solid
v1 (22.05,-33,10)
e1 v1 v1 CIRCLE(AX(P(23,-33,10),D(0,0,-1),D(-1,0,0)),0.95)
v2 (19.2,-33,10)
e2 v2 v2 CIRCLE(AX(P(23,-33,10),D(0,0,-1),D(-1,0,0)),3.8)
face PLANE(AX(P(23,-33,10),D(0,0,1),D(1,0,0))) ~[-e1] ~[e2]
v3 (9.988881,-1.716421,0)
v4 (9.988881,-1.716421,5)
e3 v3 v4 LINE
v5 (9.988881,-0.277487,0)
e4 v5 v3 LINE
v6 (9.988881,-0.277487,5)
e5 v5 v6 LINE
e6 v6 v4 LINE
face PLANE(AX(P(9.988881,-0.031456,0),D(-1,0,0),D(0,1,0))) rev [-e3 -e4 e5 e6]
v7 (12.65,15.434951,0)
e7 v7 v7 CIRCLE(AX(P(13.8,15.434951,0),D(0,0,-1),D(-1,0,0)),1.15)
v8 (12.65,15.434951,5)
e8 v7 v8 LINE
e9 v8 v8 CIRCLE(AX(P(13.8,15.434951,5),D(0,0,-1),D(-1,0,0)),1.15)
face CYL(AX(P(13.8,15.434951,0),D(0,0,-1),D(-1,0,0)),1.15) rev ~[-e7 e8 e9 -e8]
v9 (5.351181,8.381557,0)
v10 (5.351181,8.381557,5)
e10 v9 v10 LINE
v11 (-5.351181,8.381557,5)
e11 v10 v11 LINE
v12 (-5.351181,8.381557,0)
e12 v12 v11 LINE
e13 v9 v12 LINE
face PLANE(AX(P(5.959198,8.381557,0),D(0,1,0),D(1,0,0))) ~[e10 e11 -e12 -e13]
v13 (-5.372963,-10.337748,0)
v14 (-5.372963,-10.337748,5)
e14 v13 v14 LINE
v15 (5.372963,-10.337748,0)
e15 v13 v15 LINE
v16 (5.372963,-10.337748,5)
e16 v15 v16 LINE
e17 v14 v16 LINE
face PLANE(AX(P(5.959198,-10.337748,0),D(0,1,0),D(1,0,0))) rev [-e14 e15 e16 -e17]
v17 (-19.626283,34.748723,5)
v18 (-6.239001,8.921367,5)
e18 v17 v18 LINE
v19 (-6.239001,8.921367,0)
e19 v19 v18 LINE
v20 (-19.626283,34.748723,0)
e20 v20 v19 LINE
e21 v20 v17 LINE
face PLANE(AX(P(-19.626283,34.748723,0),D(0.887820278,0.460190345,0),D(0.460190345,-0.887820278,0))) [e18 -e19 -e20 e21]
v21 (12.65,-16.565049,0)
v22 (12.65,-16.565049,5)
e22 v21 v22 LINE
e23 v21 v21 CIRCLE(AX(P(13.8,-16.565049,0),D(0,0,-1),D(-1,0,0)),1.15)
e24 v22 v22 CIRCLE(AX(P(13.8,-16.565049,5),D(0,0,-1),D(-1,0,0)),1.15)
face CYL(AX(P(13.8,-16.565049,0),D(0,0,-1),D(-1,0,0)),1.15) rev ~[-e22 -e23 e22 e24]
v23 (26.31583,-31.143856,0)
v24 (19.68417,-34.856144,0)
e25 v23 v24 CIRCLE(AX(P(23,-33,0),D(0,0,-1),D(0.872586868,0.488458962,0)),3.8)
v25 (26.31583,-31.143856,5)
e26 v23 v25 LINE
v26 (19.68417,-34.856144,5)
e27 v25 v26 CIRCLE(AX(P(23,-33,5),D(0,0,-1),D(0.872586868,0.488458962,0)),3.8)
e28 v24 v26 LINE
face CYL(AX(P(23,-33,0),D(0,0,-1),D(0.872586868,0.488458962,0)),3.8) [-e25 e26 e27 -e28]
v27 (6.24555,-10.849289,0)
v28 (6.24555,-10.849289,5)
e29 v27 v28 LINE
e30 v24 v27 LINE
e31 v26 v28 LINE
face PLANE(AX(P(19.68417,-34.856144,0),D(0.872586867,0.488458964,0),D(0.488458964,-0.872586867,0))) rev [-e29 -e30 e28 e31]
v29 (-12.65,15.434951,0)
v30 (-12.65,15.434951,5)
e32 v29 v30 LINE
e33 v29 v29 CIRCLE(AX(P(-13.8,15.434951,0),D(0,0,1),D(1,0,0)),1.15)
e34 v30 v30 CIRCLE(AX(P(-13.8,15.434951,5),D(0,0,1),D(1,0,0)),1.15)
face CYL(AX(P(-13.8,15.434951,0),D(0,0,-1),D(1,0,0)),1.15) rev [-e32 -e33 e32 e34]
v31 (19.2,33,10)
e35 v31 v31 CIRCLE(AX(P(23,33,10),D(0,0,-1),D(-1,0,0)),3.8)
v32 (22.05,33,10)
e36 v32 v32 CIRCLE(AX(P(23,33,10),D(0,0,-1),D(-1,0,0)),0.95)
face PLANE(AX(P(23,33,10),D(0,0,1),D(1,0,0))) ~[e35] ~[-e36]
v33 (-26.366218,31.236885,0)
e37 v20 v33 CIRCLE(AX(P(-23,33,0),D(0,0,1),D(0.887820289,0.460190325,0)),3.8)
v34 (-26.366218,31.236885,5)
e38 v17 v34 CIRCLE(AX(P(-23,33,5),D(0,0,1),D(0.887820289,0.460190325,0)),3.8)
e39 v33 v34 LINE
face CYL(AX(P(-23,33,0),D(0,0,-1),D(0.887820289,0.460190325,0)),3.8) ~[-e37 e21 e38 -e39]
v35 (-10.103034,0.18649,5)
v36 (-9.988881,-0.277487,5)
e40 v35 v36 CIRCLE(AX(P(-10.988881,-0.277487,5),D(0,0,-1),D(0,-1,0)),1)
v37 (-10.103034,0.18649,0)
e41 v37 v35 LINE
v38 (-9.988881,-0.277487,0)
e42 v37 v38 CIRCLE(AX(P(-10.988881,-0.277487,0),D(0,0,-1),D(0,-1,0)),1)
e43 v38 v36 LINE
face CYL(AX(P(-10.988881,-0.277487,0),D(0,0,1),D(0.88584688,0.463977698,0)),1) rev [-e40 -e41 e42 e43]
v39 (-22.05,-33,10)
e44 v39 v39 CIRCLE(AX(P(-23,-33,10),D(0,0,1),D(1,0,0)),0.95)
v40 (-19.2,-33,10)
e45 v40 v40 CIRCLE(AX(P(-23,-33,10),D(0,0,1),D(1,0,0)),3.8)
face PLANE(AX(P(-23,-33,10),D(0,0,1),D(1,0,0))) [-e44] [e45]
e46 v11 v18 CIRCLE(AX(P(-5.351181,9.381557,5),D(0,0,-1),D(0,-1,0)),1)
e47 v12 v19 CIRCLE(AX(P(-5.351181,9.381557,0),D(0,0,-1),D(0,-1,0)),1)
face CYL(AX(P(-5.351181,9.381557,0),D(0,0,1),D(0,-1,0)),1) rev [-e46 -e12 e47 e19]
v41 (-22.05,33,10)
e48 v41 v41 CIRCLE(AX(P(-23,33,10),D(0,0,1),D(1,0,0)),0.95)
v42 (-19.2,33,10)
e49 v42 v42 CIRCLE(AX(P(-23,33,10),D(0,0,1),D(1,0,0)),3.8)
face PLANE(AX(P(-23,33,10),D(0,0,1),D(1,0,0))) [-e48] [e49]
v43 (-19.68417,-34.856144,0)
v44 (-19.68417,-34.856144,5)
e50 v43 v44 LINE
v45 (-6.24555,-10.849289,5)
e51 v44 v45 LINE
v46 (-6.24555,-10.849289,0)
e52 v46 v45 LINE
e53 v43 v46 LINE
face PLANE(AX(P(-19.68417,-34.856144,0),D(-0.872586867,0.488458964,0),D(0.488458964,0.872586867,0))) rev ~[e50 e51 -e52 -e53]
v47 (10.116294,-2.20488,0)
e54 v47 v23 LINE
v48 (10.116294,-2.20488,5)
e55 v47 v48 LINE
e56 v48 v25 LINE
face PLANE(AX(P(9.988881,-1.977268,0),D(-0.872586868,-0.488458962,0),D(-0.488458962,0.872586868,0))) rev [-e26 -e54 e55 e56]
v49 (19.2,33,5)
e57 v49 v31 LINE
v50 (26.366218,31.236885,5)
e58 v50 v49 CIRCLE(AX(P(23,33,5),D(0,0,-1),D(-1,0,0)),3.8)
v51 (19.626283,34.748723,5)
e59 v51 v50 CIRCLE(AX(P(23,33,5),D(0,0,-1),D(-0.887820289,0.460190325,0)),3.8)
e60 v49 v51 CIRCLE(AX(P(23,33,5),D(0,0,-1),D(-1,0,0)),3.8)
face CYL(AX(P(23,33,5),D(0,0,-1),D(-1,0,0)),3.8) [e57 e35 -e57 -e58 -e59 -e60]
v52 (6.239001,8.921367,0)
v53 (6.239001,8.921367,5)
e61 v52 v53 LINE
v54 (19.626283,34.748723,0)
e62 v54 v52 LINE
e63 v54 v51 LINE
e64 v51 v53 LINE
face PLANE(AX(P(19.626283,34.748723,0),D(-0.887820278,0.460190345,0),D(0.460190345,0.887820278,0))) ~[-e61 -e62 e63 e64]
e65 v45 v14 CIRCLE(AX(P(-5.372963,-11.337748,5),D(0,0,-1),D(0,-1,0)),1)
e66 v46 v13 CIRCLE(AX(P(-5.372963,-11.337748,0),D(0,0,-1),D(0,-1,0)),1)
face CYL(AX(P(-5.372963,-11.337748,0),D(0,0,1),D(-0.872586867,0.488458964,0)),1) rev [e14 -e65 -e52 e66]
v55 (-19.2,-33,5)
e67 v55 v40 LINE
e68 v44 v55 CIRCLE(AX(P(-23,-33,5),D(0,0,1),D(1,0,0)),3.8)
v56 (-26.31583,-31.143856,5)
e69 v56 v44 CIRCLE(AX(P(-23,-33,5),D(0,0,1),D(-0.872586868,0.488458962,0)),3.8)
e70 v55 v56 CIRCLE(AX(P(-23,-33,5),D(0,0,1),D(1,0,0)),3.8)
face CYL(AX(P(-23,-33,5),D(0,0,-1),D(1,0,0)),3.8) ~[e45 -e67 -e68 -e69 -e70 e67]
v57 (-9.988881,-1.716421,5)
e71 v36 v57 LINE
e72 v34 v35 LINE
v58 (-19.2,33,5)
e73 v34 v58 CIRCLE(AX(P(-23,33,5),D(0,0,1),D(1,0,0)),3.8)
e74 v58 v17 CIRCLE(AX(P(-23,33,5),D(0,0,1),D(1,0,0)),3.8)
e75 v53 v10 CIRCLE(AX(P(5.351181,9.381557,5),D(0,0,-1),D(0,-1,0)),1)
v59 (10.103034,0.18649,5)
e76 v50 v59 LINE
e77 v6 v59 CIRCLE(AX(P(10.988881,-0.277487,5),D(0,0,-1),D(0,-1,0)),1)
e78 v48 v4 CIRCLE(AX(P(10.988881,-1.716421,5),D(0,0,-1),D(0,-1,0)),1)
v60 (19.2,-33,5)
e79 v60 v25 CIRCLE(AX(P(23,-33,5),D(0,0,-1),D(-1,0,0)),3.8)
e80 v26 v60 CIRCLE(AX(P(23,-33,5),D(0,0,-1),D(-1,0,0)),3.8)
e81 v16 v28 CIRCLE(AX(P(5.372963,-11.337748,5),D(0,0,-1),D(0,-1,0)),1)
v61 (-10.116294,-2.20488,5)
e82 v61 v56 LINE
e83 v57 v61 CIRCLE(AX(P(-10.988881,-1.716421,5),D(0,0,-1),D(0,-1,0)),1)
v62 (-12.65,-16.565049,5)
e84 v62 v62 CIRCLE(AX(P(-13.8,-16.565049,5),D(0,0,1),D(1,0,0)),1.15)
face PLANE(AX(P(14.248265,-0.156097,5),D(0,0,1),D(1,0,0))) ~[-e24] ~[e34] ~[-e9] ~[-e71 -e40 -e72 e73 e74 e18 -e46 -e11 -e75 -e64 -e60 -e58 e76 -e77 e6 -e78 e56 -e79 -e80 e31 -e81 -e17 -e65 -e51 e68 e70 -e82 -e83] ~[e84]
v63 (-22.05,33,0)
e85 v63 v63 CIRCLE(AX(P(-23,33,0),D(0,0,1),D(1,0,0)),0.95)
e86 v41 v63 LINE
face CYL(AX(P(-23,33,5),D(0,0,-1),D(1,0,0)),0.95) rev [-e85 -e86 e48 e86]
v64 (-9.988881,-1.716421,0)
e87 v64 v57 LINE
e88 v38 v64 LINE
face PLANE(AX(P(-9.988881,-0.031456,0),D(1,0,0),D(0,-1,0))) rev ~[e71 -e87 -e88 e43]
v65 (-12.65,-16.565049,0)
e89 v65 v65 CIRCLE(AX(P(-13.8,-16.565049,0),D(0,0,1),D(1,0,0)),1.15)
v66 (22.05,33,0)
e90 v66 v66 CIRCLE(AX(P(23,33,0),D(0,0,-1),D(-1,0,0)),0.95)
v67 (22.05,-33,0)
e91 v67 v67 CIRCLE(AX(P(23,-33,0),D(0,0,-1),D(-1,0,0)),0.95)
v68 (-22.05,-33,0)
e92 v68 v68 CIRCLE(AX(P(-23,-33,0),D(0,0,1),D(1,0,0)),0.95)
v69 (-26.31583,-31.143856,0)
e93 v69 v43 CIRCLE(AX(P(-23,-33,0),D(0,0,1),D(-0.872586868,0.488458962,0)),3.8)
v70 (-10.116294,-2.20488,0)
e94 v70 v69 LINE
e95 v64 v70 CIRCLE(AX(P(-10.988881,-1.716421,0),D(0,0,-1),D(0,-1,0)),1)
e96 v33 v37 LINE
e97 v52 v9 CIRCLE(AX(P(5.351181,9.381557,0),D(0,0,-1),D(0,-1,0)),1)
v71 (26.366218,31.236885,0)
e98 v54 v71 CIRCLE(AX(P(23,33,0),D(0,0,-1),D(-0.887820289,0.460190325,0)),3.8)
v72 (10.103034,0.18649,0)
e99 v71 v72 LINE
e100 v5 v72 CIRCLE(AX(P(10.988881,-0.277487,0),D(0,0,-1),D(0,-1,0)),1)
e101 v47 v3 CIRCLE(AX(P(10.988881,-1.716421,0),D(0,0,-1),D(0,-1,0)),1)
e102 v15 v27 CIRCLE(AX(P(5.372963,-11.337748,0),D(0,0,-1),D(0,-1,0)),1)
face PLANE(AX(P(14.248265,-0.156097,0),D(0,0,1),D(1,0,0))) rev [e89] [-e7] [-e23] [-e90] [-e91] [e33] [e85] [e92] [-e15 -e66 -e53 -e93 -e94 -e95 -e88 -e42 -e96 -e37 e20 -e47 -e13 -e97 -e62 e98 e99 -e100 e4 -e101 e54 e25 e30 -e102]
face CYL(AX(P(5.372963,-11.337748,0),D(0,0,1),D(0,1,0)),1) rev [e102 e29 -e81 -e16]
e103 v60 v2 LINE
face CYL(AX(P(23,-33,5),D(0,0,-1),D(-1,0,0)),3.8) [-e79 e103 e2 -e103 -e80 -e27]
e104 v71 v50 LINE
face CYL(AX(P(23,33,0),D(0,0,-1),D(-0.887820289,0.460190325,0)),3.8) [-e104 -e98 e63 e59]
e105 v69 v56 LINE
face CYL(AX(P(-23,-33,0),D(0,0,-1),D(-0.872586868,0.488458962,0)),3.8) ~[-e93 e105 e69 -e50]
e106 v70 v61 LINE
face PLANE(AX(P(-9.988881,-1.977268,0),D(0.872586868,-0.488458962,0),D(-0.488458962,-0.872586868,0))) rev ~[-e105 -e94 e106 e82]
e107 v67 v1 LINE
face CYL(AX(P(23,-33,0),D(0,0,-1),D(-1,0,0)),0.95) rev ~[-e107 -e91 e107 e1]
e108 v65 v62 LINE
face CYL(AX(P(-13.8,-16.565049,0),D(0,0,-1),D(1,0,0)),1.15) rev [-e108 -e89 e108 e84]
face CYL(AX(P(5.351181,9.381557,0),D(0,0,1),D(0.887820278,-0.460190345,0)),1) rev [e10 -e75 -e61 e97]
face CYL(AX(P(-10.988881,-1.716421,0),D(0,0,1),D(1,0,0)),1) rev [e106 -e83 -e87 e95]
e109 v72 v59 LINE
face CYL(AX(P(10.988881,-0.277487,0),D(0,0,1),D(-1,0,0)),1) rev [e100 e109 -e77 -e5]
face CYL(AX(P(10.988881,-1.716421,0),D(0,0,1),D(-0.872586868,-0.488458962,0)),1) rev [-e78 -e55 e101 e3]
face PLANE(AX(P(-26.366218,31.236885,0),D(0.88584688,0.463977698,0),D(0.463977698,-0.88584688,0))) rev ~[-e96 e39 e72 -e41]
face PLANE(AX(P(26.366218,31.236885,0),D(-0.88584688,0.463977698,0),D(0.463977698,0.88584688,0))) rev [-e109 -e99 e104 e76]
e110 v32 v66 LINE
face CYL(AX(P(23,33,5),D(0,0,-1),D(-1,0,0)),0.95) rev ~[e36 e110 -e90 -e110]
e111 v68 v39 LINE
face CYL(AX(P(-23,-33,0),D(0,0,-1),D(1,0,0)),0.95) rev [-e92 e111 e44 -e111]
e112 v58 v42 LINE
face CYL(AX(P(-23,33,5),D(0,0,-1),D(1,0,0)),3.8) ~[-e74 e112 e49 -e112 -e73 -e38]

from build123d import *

# Parameters (mm, degrees)
SKETCH_R      = 0.95
SKETCH_R_2    = 1.15
PAD_DEPTH     = 5
SKETCH001_R   = 3.8
SKETCH001_R_2 = 0.95
PAD001_DEPTH  = 5
FILLET_R      = 1


with BuildPart() as part:
    # Sketch → Pad (new body)
    with BuildSketch(Plane.XY):
        with BuildLine():
            ThreePointArc((-26.31583, -31.143856), (-24.856144, -36.31583), (-19.68417, -34.856144))
            Line((-19.68417, -34.856144), (-5.959198, -10.337748))
            Line((-5.959198, -10.337748), (0, -10.337748))
            Line((0, -10.337748), (0, 8.381557))
            Line((-5.959198, 8.381557), (0, 8.381557))
            Line((-19.626283, 34.748723), (-5.959198, 8.381557))
            ThreePointArc((-19.626283, 34.748723), (-24.755923, 36.369975), (-26.366218, 31.236885))
            Line((-26.366218, 31.236885), (-9.988881, -0.031456))
            Line((-9.988881, -0.031456), (-9.988881, -1.977268))
            Line((-9.988881, -1.977268), (-26.31583, -31.143856))
        make_face()
        with Locations((-23, 33)):
            Circle(SKETCH_R, mode=Mode.SUBTRACT)
        with Locations((-23, -33)):
            Circle(SKETCH_R, mode=Mode.SUBTRACT)
        with Locations((-13.8, 15.434951)):
            Circle(SKETCH_R_2, mode=Mode.SUBTRACT)
        with Locations((-13.8, -16.565049)):
            Circle(SKETCH_R_2, mode=Mode.SUBTRACT)
    extrude(amount=PAD_DEPTH)

    # Sketch001 (on Face16 of Pad) → Pad001 (join)
    with BuildSketch(Plane.XY.offset(5)):
        with Locations((-23, 33)):
            Circle(SKETCH001_R)
        with Locations((-23, 33)):
            Circle(SKETCH001_R_2, mode=Mode.SUBTRACT)
        with Locations((-23, -33)):
            Circle(SKETCH001_R)
        with Locations((-23, -33)):
            Circle(SKETCH001_R_2, mode=Mode.SUBTRACT)
    extrude(amount=PAD001_DEPTH)

    # Mirrored: part across Sketch001 V_Axis


with BuildPart() as part_1:
    add(part.part)
    add(part.part.mirror(Plane(origin=(0, 0, 5), x_dir=(0, 0, 1), z_dir=(1, 0, 0))))

    # Fillet
    fillet_edges = [part_1.edges().sort_by_distance(p)[0] for p in [
        (-5.959198, -10.337748, 2.5),
        (5.959198, -10.337748, 2.5),
        (-9.988881, -0.031456, 2.5),
        (-9.988881, -1.977268, 2.5),
        (-5.959198, 8.381557, 2.5),
        (5.959198, 8.381557, 2.5),
        (9.988881, -1.977268, 2.5),
        (9.988881, -0.031456, 2.5),
    ]]
    fillet(fillet_edges, radius=FILLET_R)


solid = part_1.part
